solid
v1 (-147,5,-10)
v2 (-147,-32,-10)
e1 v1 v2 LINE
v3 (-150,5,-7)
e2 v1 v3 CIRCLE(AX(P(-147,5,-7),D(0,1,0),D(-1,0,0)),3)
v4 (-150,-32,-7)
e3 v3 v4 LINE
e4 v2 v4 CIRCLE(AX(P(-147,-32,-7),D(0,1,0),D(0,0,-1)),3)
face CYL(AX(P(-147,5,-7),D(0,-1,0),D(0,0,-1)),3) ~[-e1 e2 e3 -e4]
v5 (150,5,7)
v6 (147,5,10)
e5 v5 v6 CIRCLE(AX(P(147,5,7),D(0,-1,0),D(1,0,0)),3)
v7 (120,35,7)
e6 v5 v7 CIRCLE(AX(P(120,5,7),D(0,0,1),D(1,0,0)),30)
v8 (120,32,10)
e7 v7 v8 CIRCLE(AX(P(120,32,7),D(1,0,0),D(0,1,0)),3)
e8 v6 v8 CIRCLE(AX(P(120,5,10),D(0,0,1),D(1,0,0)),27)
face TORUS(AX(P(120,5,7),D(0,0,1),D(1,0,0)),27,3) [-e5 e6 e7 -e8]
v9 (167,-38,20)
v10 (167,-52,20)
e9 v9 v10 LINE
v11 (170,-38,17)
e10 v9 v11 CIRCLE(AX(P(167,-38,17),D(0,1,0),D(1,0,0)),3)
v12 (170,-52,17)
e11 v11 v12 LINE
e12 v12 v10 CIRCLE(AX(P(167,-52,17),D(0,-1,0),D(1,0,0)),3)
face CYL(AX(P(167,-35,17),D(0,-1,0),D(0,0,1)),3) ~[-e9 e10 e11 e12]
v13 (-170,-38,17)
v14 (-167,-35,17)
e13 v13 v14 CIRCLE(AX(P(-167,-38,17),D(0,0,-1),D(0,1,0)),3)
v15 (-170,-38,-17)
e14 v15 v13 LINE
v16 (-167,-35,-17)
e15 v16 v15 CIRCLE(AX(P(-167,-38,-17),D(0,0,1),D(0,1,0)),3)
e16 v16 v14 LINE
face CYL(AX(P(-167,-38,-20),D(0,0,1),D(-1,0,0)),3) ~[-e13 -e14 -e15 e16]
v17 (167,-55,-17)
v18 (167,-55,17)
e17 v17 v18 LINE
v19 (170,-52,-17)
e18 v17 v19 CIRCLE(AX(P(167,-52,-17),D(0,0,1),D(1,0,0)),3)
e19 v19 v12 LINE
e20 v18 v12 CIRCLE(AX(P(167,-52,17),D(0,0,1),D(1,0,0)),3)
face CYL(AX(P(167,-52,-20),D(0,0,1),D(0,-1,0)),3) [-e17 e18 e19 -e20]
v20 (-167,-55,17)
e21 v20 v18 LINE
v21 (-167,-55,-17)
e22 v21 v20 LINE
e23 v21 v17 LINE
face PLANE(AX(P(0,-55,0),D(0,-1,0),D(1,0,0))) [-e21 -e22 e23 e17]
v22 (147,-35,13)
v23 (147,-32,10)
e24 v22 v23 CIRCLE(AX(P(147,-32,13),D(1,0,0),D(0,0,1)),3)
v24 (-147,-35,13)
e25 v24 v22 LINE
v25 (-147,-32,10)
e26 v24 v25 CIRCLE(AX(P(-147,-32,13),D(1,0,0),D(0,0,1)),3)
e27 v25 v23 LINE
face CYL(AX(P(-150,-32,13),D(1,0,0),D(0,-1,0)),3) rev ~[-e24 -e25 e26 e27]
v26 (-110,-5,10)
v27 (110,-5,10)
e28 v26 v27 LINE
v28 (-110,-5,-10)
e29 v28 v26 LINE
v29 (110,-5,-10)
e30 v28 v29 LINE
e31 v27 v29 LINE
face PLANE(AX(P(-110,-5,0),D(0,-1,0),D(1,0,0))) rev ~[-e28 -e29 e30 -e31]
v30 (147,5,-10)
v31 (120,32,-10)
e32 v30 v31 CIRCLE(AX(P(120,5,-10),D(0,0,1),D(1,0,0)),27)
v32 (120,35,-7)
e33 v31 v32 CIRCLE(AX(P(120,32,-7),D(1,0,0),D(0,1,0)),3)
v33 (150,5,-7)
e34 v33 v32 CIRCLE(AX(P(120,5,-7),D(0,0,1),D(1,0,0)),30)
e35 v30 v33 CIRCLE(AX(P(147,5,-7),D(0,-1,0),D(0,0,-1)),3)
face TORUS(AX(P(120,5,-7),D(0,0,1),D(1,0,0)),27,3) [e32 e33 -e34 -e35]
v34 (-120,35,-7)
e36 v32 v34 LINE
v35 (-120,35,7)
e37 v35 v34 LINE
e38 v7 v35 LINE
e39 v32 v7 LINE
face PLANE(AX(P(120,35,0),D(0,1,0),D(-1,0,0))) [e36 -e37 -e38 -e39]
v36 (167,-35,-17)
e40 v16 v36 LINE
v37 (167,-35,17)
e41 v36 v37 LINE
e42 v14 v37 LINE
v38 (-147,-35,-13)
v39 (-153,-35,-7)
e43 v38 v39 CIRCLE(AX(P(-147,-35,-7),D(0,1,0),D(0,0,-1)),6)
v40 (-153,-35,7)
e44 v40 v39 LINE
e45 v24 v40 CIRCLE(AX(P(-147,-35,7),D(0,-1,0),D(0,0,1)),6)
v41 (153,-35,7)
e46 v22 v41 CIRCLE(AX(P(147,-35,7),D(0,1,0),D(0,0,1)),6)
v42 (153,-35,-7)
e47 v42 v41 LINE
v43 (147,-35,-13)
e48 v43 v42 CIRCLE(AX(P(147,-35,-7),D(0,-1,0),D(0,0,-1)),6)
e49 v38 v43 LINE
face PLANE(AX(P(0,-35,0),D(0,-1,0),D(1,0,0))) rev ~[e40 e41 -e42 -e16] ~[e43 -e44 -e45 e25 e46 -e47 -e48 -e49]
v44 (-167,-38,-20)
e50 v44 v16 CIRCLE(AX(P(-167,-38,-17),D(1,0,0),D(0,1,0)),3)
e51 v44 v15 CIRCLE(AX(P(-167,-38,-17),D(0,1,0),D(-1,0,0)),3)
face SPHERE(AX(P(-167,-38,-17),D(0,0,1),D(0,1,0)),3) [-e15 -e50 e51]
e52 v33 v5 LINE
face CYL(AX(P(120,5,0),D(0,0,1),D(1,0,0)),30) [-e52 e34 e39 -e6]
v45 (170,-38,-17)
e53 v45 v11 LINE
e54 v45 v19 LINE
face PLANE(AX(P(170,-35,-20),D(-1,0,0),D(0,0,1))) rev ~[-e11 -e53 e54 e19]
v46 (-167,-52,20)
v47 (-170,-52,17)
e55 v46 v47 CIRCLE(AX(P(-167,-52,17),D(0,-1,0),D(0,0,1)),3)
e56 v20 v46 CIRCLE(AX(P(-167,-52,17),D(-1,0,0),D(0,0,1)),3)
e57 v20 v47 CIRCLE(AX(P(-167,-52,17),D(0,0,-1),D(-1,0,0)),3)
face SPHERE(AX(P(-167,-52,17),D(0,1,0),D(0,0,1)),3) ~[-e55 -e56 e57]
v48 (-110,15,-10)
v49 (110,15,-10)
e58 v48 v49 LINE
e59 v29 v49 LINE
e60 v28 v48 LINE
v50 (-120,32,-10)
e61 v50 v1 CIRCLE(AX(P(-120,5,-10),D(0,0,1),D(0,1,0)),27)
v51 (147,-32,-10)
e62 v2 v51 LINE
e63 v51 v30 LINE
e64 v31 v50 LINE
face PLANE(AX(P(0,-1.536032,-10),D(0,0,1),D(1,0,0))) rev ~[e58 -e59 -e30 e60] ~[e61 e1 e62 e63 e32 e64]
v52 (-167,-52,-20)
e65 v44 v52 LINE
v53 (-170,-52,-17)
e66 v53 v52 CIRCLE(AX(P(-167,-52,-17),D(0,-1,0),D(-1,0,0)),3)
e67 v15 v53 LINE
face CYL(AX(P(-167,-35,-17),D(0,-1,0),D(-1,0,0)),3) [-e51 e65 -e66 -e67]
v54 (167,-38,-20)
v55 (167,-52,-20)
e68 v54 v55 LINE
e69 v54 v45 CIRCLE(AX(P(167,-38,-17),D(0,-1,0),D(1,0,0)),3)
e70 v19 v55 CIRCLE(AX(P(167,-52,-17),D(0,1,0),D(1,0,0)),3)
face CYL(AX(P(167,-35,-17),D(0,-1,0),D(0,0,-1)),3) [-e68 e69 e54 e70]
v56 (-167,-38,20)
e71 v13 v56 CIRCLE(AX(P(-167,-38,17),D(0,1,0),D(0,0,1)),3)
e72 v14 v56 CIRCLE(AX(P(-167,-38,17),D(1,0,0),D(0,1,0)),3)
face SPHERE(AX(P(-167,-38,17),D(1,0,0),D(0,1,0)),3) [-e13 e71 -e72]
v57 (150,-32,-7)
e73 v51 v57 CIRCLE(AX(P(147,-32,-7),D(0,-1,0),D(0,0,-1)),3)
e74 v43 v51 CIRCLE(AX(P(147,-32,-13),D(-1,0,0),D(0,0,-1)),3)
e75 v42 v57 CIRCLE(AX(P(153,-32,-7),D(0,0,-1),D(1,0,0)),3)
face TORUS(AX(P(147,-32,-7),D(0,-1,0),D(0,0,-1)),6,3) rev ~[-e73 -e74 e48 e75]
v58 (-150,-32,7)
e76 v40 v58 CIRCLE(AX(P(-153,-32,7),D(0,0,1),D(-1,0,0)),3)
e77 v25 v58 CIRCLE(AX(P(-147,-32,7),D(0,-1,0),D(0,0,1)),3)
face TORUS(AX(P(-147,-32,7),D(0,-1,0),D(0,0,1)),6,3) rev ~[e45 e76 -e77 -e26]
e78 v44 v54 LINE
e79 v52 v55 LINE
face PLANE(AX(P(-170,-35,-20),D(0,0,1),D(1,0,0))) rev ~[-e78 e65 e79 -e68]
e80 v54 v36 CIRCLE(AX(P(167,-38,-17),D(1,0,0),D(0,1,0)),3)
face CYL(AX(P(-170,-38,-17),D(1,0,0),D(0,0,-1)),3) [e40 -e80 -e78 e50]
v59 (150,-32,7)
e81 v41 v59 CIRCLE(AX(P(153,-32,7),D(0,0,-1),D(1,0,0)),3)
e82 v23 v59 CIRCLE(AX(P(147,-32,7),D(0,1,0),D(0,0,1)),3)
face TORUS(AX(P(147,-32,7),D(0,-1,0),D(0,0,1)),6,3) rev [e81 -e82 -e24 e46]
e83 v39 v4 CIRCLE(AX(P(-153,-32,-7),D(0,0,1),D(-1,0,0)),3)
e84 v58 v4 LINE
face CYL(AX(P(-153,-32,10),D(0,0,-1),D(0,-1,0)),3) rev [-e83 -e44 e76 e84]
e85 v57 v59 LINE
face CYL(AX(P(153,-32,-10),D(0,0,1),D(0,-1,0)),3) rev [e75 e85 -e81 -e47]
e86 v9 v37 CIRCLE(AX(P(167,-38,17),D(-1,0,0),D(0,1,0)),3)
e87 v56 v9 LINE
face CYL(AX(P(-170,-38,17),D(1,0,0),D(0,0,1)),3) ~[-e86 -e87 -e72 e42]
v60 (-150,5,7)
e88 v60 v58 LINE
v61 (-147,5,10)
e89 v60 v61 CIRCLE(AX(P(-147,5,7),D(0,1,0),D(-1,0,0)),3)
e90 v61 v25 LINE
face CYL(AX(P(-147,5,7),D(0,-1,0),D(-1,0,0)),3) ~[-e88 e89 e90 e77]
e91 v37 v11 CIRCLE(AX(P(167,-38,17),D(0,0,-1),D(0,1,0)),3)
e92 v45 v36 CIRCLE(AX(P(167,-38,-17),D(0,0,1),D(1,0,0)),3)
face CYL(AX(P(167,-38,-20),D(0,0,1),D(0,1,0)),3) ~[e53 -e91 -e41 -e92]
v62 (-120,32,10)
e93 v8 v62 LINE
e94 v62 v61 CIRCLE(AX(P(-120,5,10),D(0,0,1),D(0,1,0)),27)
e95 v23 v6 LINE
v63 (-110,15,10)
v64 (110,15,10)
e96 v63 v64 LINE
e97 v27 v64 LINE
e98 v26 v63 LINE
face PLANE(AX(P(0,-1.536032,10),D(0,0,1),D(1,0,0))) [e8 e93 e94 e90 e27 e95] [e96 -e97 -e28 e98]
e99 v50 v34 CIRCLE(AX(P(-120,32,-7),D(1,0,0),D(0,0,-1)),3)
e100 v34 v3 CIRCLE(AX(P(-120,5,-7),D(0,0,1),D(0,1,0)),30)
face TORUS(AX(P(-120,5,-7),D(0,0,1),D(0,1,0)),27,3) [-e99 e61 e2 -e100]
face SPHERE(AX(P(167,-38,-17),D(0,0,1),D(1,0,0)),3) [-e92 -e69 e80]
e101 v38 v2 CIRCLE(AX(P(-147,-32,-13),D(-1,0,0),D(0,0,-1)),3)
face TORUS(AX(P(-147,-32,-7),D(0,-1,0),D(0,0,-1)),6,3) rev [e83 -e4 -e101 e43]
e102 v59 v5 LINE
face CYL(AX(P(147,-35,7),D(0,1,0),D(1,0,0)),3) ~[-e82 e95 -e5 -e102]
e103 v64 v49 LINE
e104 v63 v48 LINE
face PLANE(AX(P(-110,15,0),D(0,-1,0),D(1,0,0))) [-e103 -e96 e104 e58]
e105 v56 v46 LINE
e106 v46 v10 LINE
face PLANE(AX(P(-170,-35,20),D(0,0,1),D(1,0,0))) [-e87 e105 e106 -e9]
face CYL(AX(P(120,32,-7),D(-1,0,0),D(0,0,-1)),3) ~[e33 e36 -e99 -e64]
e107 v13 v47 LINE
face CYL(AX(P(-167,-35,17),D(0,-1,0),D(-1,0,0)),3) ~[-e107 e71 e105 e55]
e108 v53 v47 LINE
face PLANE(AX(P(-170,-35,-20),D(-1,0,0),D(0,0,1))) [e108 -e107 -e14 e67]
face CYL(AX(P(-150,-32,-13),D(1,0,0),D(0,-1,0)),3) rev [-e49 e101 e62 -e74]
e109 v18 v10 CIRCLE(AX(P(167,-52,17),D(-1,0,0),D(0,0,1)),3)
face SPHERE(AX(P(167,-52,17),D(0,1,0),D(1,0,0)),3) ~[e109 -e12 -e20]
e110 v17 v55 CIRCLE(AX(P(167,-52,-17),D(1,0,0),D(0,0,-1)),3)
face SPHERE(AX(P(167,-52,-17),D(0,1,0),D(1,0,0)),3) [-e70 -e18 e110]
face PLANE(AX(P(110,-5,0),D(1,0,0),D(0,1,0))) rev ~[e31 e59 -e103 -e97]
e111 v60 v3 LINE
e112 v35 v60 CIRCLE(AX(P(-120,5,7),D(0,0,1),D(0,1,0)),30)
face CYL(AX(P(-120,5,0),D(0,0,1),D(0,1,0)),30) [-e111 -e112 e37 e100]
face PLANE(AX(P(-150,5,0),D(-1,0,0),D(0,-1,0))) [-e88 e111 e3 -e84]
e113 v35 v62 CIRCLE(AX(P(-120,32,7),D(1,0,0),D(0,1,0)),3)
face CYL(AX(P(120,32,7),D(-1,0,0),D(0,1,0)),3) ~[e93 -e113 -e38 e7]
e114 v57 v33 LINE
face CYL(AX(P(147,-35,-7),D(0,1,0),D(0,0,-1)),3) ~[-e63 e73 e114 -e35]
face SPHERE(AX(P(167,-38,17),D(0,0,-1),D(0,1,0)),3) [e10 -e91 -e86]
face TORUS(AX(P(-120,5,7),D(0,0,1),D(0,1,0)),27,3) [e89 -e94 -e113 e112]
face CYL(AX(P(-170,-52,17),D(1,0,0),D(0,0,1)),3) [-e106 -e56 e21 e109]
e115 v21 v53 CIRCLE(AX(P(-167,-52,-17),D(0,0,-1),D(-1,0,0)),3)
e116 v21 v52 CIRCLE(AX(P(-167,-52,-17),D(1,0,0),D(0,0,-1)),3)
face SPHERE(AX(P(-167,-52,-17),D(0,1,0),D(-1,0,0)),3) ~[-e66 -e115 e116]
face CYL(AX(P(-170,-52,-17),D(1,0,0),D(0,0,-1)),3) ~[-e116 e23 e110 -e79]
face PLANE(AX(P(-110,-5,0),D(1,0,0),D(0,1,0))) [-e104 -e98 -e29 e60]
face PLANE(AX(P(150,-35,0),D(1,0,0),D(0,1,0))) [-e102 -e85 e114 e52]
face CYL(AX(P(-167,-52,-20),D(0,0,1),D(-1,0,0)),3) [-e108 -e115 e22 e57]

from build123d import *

# Parameters (mm, degrees)
SKETCH1_W           = 220
SKETCH1_H           = 20
BOSS_EXTRUDE1_DEPTH = 10
SKETCH2_W           = 340
SKETCH2_H           = 40
BOSS_EXTRUDE2_DEPTH = 20
FILLET1_R           = 3


with BuildPart() as part:
    # Sketch1 → Boss-Extrude1 (new, symmetric)
    with BuildSketch(Plane.XY):
        with BuildLine():
            Line((-150, -35), (150, -35))
            Line((150, -35), (150, 5))
            ThreePointArc((150, 5), (141.213203436, 26.213203436), (120, 35))
            Line((120, 35), (-120, 35))
            ThreePointArc((-120, 35), (-141.213203436, 26.213203436), (-150, 5))
            Line((-150, 5), (-150, -35))
        make_face()
        with Locations((0, 5)):
            Rectangle(SKETCH1_W, SKETCH1_H, mode=Mode.SUBTRACT)
    extrude(amount=BOSS_EXTRUDE1_DEPTH, both=True)

    # Sketch2 → Boss-Extrude2 (add)
    with BuildSketch(Plane.XZ.offset(35)):
        Rectangle(SKETCH2_W, SKETCH2_H)
    extrude(amount=BOSS_EXTRUDE2_DEPTH)

    # Fillet1
    fillet1_edges = [part.edges().sort_by_distance(p)[0] for p in [
        (150, -35, 0),
        (-150, -35, 0),
        (150, -15, 10),
        (141.213203436, 26.213203436, 10),
        (0, 35, 10),
        (-141.213203436, 26.213203436, 10),
        (170, -35, 0),
        (170, -45, -20),
        (0, -35, 20),
        (170, -45, 20),
        (-170, -35, 0),
        (-170, -45, 20),
        (0, -35, -20),
        (-170, -45, -20),
        (170, -55, 0),
        (0, -55, 20),
        (-170, -55, 0),
        (0, -55, -20),
        (-150, -15, 10),
        (-141.213203436, 26.213203436, -10),
        (0, 35, -10),
        (141.213203436, 26.213203436, -10),
        (150, -15, -10),
        (0, -35, -10),
        (-150, -15, -10),
        (0, -35, 10),
    ]]
    fillet(fillet1_edges, radius=FILLET1_R)


solid = part.part
